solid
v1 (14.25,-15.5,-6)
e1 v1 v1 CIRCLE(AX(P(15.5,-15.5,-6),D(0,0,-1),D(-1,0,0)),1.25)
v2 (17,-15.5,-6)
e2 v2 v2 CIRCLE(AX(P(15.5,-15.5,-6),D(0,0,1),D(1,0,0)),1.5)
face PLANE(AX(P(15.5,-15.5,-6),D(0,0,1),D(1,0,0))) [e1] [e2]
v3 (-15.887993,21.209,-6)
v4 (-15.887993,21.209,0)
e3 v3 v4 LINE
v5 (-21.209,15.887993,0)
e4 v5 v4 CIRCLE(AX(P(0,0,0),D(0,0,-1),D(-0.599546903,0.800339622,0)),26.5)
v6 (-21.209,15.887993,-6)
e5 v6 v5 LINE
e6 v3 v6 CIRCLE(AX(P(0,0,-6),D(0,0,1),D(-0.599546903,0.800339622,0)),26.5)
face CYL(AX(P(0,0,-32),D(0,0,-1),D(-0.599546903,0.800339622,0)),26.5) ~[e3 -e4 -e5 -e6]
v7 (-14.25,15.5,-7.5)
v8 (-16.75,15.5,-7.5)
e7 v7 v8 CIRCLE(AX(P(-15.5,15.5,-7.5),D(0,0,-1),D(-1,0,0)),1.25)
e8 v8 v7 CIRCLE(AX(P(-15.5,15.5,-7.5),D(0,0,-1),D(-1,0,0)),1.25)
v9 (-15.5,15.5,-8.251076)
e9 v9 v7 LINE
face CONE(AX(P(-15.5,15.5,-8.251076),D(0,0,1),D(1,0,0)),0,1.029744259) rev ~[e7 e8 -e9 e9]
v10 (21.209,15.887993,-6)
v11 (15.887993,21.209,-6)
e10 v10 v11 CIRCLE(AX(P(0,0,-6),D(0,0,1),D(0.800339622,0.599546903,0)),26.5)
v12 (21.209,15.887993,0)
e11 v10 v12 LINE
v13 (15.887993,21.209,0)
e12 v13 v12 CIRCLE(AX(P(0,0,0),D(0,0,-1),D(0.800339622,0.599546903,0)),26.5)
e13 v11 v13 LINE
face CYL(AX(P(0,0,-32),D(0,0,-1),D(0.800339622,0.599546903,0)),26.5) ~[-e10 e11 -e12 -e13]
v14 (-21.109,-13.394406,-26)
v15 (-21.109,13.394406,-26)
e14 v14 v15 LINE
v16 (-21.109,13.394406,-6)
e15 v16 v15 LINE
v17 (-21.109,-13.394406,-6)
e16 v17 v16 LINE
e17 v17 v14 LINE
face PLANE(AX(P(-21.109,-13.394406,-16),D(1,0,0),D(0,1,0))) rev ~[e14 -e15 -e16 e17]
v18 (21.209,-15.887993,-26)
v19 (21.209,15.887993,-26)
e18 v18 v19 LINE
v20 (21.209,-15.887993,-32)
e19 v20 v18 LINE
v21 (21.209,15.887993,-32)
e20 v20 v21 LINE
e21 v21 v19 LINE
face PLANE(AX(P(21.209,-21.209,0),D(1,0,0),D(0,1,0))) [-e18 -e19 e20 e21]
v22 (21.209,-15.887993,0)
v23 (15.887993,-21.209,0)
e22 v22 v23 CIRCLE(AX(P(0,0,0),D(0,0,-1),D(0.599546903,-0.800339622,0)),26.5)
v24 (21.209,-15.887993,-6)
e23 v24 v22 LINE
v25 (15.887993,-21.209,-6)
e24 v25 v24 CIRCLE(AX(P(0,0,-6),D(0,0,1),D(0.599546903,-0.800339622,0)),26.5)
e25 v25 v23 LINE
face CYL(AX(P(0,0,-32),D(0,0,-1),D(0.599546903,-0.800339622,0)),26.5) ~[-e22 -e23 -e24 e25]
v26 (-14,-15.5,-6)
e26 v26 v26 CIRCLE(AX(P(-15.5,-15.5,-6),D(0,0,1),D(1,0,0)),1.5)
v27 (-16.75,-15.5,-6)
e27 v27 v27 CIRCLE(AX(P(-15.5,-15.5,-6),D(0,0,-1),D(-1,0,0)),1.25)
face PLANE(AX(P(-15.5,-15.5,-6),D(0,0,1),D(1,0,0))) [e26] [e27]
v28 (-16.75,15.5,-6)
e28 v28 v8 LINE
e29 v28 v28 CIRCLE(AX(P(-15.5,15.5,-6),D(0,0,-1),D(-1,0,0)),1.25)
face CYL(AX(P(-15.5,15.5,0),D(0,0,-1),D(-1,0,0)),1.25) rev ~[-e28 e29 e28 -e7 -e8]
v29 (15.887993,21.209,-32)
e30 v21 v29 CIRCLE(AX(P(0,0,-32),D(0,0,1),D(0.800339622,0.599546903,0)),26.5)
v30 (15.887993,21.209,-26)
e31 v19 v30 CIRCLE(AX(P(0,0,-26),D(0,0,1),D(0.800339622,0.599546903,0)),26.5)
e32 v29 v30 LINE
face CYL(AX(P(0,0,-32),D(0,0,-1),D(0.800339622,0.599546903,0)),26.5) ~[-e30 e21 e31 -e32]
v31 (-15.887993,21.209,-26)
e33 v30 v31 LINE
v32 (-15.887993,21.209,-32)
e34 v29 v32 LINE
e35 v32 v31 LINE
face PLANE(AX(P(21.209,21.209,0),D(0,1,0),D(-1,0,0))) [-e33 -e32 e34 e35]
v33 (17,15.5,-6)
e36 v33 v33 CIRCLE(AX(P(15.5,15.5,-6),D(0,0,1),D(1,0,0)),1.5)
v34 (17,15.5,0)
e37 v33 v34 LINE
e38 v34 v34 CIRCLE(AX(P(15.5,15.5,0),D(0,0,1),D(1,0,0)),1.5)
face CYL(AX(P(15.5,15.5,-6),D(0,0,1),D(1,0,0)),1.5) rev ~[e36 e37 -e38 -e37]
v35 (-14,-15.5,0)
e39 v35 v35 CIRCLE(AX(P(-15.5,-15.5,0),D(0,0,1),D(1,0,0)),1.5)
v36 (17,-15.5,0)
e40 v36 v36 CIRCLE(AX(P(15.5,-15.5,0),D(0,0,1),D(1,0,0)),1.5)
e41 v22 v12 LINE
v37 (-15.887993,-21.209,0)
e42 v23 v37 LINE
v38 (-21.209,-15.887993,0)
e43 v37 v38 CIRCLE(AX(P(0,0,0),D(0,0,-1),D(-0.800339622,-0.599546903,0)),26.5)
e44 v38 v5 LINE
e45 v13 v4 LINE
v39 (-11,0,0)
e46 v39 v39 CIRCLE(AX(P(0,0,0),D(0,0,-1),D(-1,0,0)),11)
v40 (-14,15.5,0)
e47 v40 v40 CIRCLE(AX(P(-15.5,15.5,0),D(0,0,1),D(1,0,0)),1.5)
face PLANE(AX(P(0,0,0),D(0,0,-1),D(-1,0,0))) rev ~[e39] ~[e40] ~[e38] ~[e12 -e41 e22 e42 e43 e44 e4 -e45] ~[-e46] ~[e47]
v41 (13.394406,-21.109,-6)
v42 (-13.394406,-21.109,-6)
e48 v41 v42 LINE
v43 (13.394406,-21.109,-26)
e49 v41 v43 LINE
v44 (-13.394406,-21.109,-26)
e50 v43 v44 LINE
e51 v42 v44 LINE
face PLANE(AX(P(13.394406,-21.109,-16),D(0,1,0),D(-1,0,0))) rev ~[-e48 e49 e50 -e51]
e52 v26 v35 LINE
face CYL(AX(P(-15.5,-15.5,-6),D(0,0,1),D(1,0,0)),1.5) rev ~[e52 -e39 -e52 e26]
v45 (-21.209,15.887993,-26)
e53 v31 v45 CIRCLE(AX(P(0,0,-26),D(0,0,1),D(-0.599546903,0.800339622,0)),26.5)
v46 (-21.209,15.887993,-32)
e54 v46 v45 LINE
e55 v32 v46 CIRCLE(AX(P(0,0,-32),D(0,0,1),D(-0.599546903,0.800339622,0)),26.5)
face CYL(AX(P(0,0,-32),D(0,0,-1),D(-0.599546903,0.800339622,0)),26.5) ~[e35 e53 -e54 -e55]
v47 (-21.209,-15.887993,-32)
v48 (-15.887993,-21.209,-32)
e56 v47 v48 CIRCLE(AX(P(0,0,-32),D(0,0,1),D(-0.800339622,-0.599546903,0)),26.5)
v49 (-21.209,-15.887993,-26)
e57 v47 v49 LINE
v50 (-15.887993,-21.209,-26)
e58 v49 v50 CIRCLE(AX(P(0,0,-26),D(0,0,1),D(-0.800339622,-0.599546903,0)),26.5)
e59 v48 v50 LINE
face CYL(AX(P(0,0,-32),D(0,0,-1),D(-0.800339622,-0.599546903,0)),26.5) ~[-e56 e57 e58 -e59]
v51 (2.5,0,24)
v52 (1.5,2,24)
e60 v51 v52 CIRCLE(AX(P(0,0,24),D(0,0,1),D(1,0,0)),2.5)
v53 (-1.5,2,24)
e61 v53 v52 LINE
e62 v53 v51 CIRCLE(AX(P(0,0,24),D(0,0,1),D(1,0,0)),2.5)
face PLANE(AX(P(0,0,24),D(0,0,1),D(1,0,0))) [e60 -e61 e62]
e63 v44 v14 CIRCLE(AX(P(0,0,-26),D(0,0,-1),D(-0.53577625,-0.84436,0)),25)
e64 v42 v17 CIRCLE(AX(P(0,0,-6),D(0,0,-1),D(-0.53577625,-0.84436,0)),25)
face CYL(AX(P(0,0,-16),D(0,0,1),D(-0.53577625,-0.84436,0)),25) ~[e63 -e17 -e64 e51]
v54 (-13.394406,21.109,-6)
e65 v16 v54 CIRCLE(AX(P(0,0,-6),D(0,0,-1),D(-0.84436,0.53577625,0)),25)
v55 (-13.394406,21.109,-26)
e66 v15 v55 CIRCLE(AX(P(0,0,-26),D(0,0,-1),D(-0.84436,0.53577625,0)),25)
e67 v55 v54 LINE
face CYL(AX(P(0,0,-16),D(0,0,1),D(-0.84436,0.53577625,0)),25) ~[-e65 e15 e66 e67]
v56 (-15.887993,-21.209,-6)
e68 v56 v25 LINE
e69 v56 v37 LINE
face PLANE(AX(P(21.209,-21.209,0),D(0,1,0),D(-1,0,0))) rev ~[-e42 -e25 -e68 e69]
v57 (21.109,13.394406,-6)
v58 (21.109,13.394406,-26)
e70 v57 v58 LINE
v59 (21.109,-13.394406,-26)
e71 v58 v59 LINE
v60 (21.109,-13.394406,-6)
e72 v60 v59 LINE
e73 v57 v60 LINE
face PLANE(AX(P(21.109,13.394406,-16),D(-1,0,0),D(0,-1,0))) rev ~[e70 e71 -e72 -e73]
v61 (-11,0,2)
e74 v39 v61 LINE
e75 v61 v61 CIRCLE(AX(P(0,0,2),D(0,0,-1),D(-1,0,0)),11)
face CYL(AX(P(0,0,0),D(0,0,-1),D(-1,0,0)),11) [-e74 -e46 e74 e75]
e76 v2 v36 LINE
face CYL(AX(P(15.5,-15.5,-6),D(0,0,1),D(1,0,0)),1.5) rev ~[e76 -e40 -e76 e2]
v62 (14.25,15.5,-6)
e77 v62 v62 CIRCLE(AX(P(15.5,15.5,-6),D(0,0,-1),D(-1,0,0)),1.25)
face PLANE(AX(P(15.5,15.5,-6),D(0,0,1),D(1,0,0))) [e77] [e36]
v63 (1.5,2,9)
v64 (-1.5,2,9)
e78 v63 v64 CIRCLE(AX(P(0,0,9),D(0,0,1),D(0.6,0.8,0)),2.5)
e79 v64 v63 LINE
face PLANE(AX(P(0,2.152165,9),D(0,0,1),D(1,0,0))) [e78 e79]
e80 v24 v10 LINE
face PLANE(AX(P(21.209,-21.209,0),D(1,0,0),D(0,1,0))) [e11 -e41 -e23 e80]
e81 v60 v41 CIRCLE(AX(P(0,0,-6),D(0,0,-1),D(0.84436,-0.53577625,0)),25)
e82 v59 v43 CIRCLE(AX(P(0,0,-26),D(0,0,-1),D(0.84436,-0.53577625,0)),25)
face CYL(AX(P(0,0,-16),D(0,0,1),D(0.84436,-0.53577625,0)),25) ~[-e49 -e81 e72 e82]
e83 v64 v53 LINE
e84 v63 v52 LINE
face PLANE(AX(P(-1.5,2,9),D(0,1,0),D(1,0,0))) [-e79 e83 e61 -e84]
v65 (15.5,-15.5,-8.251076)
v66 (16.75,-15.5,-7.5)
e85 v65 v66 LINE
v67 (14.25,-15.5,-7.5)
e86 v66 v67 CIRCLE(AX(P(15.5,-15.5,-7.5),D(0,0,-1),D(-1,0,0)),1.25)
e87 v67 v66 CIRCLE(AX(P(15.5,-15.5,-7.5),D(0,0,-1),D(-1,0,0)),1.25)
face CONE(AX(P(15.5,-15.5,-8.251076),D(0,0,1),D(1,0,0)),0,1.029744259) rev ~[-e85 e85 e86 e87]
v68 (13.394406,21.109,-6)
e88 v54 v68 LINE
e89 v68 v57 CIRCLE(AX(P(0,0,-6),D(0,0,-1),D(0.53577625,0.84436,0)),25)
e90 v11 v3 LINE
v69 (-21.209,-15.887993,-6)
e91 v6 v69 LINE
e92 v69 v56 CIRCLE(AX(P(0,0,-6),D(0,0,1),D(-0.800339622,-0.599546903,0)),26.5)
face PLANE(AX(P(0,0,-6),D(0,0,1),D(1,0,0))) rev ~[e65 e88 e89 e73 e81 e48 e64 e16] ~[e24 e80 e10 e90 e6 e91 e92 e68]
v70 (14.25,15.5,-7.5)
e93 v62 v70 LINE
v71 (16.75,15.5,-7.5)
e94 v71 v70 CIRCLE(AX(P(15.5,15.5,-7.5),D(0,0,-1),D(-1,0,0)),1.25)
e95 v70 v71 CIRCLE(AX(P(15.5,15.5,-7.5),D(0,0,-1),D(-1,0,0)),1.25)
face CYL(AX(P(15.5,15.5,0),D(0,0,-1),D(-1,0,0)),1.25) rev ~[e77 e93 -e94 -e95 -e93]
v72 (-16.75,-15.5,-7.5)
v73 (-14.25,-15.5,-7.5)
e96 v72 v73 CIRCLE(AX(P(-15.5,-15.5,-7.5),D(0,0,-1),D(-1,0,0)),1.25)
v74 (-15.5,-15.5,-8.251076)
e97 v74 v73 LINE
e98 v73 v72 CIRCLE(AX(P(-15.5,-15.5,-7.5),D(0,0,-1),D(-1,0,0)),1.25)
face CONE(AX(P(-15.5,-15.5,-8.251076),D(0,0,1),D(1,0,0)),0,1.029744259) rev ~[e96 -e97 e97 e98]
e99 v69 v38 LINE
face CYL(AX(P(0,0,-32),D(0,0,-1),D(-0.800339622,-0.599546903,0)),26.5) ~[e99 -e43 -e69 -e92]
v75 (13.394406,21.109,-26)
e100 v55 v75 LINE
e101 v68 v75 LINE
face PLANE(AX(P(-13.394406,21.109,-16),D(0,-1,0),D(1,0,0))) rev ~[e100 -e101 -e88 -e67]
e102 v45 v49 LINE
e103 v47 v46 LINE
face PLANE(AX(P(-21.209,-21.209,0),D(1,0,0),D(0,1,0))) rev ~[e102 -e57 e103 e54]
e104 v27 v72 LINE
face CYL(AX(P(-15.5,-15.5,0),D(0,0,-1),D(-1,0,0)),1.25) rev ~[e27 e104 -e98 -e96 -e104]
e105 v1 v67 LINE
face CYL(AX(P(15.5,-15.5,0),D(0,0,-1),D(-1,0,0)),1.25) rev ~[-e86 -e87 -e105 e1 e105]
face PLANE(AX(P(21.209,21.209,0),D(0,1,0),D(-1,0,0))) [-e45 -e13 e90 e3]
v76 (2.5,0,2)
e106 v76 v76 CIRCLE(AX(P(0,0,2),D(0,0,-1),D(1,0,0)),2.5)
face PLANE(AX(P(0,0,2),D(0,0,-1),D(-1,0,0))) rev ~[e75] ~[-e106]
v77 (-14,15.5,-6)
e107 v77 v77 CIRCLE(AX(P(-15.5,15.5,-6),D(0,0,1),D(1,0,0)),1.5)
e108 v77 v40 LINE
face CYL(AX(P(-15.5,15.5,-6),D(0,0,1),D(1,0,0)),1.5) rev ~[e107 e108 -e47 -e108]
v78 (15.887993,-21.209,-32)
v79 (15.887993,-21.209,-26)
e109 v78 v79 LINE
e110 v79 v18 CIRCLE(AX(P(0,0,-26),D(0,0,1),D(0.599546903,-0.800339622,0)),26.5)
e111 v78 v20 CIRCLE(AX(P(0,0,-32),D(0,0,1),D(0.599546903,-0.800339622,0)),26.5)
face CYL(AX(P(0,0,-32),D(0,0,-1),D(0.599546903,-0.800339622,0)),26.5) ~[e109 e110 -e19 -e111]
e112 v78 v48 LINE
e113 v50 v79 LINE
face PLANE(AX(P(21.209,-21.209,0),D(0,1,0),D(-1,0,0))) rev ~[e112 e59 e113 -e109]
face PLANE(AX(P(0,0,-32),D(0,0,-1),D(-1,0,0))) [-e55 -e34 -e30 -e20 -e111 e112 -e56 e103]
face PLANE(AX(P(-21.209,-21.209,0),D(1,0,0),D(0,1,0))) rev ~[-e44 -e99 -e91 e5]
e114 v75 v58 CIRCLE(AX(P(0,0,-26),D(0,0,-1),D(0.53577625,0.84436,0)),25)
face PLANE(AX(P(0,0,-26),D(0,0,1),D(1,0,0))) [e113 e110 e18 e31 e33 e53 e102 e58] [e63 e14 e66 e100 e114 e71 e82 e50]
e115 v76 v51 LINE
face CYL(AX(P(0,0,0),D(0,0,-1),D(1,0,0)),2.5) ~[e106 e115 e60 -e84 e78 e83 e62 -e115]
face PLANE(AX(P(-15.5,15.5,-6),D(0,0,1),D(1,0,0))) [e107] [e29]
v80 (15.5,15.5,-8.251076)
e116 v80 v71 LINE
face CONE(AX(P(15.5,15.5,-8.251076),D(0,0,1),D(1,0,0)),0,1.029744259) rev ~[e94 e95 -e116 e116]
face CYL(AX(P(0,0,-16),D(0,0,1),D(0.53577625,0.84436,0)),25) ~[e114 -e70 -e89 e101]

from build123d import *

# Parameters (mm, degrees)
SKETCH1_R                       = 2.5
BOSS_EXTRUDE1_DEPTH             = 24
SKETCH2_R                       = 11
BOSS_EXTRUDE2_DEPTH             = 2
SKETCH3_W                       = 42.418
SKETCH3_H                       = 42.418
BOSS_EXTRUDE3_DEPTH             = 32
CUT_EXTRUDE1_DEPTH              = 64.526713767
M3X0_5_TAPPED_HOLE1_D           = 2.5
M3X0_5_TAPPED_HOLE1_DEPTH       = 7.5
M3X0_5_TAPPED_HOLE1_CBORE_D     = 3
M3X0_5_TAPPED_HOLE1_CBORE_DEPTH = 6
M3X0_5_TAPPED_HOLE1_TIP         = 0.751075774
CUT_EXTRUDE2_START              = -15
CUT_EXTRUDE2_DEPTH              = 15
CUT_EXTRUDE3_DEPTH              = 10


with BuildPart() as part:
    # Sketch1 → Boss-Extrude1 (new body)
    with BuildSketch(Plane.XY):
        Circle(SKETCH1_R)
    extrude(amount=BOSS_EXTRUDE1_DEPTH)

    # Sketch2 → Boss-Extrude2 (add)
    with BuildSketch(Plane(origin=(0, 0, 0), x_dir=(-1, 0, 0), z_dir=(0, 0, -1))):
        Circle(SKETCH2_R)
    extrude(amount=-BOSS_EXTRUDE2_DEPTH)

    # Sketch3 → Boss-Extrude3 (add)
    with BuildSketch(Plane(origin=(0, 0, 0), x_dir=(-1, 0, 0), z_dir=(0, 0, -1))):
        Rectangle(SKETCH3_W, SKETCH3_H)
    extrude(amount=BOSS_EXTRUDE3_DEPTH)

    # Sketch4 → Cut-Extrude1 (cut, through all)
    with BuildSketch(Plane(origin=(0, 0, -32), x_dir=(-1, 0, 0), z_dir=(0, 0, -1))):
        with BuildLine():
            Line((-21.209, -15.887992919), (-21.209, -21.209))
            Line((-21.209, -21.209), (-15.887992919, -21.209))
            ThreePointArc((-15.887992919, -21.209), (-18.738329701, -18.738329701), (-21.209, -15.887992919))
        make_face()
        with BuildLine():
            Line((15.887992919, -21.209), (21.209, -21.209))
            Line((21.209, -21.209), (21.209, -15.887992919))
            ThreePointArc((21.209, -15.887992919), (18.738329701, -18.738329701), (15.887992919, -21.209))
        make_face()
        with BuildLine():
            Line((21.209, 15.887992919), (21.209, 21.209))
            Line((21.209, 21.209), (15.887992919, 21.209))
            ThreePointArc((15.887992919, 21.209), (18.738329701, 18.738329701), (21.209, 15.887992919))
        make_face()
        with BuildLine():
            Line((-15.887992919, 21.209), (-21.209, 21.209))
            Line((-21.209, 21.209), (-21.209, 15.887992919))
            ThreePointArc((-21.209, 15.887992919), (-18.738329701, 18.738329701), (-15.887992919, 21.209))
        make_face()
    extrude(amount=-CUT_EXTRUDE1_DEPTH, mode=Mode.SUBTRACT)

    # M3x0.5 Tapped Hole1
    with Locations(Plane.XY):
        with Locations((-15.5, 15.5), (-15.5, -15.5), (15.5, -15.5), (15.5, 15.5)):
            CounterBoreHole(M3X0_5_TAPPED_HOLE1_D / 2, M3X0_5_TAPPED_HOLE1_CBORE_D / 2, M3X0_5_TAPPED_HOLE1_CBORE_DEPTH, depth=M3X0_5_TAPPED_HOLE1_DEPTH)
            with Locations((0, 0, -(M3X0_5_TAPPED_HOLE1_DEPTH + M3X0_5_TAPPED_HOLE1_TIP / 2))):  # 118° drill point
                Cone(0, M3X0_5_TAPPED_HOLE1_D / 2, M3X0_5_TAPPED_HOLE1_TIP, mode=Mode.SUBTRACT)

    # Sketch7 → Cut-Extrude2 (cut)
    with BuildSketch(Plane.XY.offset(24).offset(CUT_EXTRUDE2_START)):
        with BuildLine():
            Line((-1.5, 2), (1.5, 2))
            ThreePointArc((1.5, 2), (0, 2.5), (-1.5, 2))
        make_face()
    extrude(amount=CUT_EXTRUDE2_DEPTH, mode=Mode.SUBTRACT)

    # Sketch8 → Cut-Extrude3 (cut, symmetric)
    with BuildSketch(Plane.XY.offset(-16)):
        with BuildLine():
            Line((15.887992919, 21.209), (-15.887992919, 21.209))
            ThreePointArc((-15.887992919, 21.209), (-18.738329701, 18.738329701), (-21.209, 15.887992919))
            Line((-21.209, 15.887992919), (-21.209, -15.887992919))
            ThreePointArc((-21.209, -15.887992919), (-18.738329701, -18.738329701), (-15.887992919, -21.209))
            Line((-15.887992919, -21.209), (15.887992919, -21.209))
            ThreePointArc((15.887992919, -21.209), (18.738329701, -18.738329701), (21.209, -15.887992919))
            Line((21.209, -15.887992919), (21.209, 15.887992919))
            ThreePointArc((21.209, 15.887992919), (18.738329701, 18.738329701), (15.887992919, 21.209))
        make_face()
        with BuildLine():
            Line((-13.394406258, 21.109), (13.394406258, 21.109))
            ThreePointArc((13.394406258, 21.109), (17.67766953, 17.67766953), (21.109, 13.394406258))
            Line((21.109, 13.394406258), (21.109, -13.394406258))
            ThreePointArc((21.109, -13.394406258), (17.67766953, -17.67766953), (13.394406258, -21.109))
            Line((13.394406258, -21.109), (-13.394406258, -21.109))
            ThreePointArc((-13.394406258, -21.109), (-17.67766953, -17.67766953), (-21.109, -13.394406258))
            Line((-21.109, -13.394406258), (-21.109, 13.394406258))
            ThreePointArc((-21.109, 13.394406258), (-17.67766953, 17.67766953), (-13.394406258, 21.109))
        make_face(mode=Mode.SUBTRACT)
    extrude(amount=CUT_EXTRUDE3_DEPTH, both=True, mode=Mode.SUBTRACT)


solid = part.part
